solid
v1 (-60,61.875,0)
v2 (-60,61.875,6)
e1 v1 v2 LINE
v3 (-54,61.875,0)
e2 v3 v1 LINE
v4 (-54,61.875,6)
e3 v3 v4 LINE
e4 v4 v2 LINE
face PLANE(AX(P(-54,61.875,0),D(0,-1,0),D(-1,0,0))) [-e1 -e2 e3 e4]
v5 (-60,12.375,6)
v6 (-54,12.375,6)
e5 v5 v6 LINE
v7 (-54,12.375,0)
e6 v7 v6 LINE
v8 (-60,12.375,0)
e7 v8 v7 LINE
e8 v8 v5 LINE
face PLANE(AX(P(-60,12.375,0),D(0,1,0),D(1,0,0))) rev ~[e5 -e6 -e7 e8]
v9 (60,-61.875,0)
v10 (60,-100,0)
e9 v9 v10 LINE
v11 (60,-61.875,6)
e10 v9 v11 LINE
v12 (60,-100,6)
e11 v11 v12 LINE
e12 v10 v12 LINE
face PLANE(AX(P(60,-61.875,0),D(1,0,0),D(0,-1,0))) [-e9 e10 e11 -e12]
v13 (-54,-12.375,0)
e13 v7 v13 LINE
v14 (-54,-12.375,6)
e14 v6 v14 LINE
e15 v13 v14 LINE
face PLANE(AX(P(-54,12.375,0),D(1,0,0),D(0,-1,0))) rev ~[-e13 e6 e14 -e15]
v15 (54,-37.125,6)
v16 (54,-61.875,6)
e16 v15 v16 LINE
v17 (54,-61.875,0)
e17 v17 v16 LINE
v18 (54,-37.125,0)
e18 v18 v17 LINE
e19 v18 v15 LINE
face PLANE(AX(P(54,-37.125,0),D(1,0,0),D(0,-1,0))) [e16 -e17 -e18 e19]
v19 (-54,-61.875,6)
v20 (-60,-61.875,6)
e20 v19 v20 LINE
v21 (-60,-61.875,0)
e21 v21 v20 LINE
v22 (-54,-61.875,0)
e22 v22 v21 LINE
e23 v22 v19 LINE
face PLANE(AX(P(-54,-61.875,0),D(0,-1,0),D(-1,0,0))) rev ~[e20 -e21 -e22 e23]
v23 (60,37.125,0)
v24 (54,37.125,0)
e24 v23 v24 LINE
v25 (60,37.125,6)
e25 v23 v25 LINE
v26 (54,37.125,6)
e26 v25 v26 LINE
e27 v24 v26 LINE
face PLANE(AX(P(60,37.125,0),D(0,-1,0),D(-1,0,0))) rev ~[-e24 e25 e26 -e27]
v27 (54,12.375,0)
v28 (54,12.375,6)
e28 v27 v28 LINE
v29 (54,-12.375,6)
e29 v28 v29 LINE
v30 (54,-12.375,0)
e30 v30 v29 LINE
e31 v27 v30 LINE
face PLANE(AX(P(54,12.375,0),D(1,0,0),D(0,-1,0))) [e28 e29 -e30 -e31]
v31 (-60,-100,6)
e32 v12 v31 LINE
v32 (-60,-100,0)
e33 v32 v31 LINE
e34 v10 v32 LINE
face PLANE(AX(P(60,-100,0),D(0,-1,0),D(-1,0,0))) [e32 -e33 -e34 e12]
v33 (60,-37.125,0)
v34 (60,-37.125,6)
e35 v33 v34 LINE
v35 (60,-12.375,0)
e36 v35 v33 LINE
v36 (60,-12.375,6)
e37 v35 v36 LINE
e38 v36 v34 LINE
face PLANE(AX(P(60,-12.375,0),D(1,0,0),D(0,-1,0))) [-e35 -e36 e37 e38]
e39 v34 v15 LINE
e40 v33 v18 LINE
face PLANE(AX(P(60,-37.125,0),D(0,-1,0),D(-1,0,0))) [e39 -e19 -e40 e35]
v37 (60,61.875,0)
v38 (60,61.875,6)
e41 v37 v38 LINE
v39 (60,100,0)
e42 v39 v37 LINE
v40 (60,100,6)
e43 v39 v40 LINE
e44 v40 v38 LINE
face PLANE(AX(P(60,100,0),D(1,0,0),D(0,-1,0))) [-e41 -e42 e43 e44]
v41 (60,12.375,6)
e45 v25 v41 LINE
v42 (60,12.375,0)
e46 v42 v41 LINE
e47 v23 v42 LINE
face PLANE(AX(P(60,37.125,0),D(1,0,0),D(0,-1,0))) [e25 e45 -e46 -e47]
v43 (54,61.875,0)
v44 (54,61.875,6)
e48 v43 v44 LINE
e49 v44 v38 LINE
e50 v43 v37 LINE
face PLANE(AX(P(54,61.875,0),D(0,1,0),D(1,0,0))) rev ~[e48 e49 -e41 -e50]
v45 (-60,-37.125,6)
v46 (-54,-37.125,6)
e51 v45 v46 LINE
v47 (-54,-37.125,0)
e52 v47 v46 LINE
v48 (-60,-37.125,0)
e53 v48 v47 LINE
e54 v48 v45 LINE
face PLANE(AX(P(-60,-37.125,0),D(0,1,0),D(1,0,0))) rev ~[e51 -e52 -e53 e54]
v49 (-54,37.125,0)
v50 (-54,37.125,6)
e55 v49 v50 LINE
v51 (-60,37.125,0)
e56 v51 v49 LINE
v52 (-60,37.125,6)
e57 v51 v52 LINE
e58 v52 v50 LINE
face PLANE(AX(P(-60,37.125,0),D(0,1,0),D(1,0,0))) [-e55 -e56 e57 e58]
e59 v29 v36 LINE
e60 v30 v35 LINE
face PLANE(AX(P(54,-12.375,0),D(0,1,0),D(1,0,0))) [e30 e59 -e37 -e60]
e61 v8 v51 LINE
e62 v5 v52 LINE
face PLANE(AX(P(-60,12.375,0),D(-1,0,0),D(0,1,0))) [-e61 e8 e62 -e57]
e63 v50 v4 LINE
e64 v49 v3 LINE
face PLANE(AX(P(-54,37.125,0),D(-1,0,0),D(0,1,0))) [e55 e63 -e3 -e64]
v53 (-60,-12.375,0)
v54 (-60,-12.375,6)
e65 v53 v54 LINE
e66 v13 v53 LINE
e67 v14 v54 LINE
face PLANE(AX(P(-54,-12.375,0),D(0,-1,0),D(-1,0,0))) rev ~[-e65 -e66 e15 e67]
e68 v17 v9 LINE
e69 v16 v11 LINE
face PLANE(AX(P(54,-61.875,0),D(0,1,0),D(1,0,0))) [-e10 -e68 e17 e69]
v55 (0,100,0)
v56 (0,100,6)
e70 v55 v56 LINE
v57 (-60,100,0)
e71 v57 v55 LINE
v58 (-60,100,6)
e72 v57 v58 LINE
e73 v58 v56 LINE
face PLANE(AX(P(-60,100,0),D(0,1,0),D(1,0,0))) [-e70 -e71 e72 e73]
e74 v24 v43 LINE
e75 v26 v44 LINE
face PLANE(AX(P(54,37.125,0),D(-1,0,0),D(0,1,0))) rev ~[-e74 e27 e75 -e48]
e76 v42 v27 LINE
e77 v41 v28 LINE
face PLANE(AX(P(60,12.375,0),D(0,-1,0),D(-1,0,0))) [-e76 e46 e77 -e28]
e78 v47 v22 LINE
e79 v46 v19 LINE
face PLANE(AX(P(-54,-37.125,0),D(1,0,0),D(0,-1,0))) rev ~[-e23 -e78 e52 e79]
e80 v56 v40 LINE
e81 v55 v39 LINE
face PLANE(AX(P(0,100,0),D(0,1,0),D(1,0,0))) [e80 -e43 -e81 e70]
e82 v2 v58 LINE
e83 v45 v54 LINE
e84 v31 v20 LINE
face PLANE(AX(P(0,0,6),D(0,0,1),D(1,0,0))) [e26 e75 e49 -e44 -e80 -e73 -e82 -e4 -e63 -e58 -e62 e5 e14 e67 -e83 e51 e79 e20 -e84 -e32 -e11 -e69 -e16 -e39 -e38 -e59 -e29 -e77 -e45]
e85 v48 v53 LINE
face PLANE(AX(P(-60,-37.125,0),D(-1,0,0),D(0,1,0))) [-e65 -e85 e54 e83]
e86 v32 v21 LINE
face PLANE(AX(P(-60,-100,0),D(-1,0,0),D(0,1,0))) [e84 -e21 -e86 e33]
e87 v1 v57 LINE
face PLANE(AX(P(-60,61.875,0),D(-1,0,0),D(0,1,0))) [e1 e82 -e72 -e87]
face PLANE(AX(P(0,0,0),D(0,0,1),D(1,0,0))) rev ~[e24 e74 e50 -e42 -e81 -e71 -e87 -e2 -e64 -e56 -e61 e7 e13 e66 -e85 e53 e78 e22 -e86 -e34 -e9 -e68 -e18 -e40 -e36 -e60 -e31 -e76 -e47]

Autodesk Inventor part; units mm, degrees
ref_plane "YZ Plane" through (0, 0, 0) normal (1, 0, 0) x (0, 1, 0)
ref_plane "XZ Plane" through (0, 0, 0) normal (0, 1, 0) x (-1, 0, 0)
ref_plane "XY Plane" through (0, 0, 0) normal (0, 0, 1) x (1, 0, 0)
sketch "Sketch1" plane through (0, 0, 0) normal (0, 0, 1) x (1, 0, 0)
  line L0 (60, -100) -> (-60, -100)
  line L1 (-60, -100) -> (-60, 100)
  line L2 (-60, 100) -> (60, 100)
  line L3 (60, 100) -> (60, -100)
  line L4 (60, -100) -> (-60, 100) construction
  line L5 (-60, -100) -> (60, 100) construction
  line L6 (60, 0) -> (60, 12.375)
  line L7 (60, 12.375) -> (54, 12.375)
  line L8 (54, 12.375) -> (54, -12.375)
  line L9 (54, -12.375) -> (60, -12.375)
  line L10 (60, 12.375) -> (60, 37.125)
  line L11 (60, 37.125) -> (54, 37.125)
  line L12 (54, 37.125) -> (54, 61.875)
  line L13 (54, 61.875) -> (60, 61.875)
  line L14 (60, -12.375) -> (60, -37.125)
  line L15 (60, -37.125) -> (54, -37.125)
  line L16 (54, -37.125) -> (54, -61.875)
  line L17 (54, -61.875) -> (60, -61.875)
  line L18 (0, 0) -> (0, 100)
  line L19 (0, 0) -> (15.8208, 0)
  line L20 (-60, 12.375) -> (-54, 12.375)
  line L21 (-54, 12.375) -> (-54, -12.375)
  line L22 (-54, -12.375) -> (-60, -12.375)
  line L23 (-60, 37.125) -> (-54, 37.125)
  line L24 (-54, 37.125) -> (-54, 61.875)
  line L25 (-54, 61.875) -> (-60, 61.875)
  line L26 (-60, -37.125) -> (-54, -37.125)
  line L27 (-54, -37.125) -> (-54, -61.875)
  line L28 (-54, -61.875) -> (-60, -61.875)
  dimension "d18" = 120
  dimension "d19" = 200
  dimension "d20" = 12.375
  dimension "d21" = 6
  dimension "d22" = 24.75
  dimension "d23" = 24.75
  dimension "d24" = 6
  dimension "d25" = 24.75
  dimension "d26" = 24.75
  dimension "d27" = 6
  dimension "d28" = 24.75
extrude "Extrusion1" add sketch "Sketch1" along normal blind 6 contours L0 L1 L28 L27 L26 L22 L21 L20 L23 L24 L25 L2 L3 L13 L12 L11 L7 L8 L9 L15 L16 L17
properties part number "Frontandback_2"
